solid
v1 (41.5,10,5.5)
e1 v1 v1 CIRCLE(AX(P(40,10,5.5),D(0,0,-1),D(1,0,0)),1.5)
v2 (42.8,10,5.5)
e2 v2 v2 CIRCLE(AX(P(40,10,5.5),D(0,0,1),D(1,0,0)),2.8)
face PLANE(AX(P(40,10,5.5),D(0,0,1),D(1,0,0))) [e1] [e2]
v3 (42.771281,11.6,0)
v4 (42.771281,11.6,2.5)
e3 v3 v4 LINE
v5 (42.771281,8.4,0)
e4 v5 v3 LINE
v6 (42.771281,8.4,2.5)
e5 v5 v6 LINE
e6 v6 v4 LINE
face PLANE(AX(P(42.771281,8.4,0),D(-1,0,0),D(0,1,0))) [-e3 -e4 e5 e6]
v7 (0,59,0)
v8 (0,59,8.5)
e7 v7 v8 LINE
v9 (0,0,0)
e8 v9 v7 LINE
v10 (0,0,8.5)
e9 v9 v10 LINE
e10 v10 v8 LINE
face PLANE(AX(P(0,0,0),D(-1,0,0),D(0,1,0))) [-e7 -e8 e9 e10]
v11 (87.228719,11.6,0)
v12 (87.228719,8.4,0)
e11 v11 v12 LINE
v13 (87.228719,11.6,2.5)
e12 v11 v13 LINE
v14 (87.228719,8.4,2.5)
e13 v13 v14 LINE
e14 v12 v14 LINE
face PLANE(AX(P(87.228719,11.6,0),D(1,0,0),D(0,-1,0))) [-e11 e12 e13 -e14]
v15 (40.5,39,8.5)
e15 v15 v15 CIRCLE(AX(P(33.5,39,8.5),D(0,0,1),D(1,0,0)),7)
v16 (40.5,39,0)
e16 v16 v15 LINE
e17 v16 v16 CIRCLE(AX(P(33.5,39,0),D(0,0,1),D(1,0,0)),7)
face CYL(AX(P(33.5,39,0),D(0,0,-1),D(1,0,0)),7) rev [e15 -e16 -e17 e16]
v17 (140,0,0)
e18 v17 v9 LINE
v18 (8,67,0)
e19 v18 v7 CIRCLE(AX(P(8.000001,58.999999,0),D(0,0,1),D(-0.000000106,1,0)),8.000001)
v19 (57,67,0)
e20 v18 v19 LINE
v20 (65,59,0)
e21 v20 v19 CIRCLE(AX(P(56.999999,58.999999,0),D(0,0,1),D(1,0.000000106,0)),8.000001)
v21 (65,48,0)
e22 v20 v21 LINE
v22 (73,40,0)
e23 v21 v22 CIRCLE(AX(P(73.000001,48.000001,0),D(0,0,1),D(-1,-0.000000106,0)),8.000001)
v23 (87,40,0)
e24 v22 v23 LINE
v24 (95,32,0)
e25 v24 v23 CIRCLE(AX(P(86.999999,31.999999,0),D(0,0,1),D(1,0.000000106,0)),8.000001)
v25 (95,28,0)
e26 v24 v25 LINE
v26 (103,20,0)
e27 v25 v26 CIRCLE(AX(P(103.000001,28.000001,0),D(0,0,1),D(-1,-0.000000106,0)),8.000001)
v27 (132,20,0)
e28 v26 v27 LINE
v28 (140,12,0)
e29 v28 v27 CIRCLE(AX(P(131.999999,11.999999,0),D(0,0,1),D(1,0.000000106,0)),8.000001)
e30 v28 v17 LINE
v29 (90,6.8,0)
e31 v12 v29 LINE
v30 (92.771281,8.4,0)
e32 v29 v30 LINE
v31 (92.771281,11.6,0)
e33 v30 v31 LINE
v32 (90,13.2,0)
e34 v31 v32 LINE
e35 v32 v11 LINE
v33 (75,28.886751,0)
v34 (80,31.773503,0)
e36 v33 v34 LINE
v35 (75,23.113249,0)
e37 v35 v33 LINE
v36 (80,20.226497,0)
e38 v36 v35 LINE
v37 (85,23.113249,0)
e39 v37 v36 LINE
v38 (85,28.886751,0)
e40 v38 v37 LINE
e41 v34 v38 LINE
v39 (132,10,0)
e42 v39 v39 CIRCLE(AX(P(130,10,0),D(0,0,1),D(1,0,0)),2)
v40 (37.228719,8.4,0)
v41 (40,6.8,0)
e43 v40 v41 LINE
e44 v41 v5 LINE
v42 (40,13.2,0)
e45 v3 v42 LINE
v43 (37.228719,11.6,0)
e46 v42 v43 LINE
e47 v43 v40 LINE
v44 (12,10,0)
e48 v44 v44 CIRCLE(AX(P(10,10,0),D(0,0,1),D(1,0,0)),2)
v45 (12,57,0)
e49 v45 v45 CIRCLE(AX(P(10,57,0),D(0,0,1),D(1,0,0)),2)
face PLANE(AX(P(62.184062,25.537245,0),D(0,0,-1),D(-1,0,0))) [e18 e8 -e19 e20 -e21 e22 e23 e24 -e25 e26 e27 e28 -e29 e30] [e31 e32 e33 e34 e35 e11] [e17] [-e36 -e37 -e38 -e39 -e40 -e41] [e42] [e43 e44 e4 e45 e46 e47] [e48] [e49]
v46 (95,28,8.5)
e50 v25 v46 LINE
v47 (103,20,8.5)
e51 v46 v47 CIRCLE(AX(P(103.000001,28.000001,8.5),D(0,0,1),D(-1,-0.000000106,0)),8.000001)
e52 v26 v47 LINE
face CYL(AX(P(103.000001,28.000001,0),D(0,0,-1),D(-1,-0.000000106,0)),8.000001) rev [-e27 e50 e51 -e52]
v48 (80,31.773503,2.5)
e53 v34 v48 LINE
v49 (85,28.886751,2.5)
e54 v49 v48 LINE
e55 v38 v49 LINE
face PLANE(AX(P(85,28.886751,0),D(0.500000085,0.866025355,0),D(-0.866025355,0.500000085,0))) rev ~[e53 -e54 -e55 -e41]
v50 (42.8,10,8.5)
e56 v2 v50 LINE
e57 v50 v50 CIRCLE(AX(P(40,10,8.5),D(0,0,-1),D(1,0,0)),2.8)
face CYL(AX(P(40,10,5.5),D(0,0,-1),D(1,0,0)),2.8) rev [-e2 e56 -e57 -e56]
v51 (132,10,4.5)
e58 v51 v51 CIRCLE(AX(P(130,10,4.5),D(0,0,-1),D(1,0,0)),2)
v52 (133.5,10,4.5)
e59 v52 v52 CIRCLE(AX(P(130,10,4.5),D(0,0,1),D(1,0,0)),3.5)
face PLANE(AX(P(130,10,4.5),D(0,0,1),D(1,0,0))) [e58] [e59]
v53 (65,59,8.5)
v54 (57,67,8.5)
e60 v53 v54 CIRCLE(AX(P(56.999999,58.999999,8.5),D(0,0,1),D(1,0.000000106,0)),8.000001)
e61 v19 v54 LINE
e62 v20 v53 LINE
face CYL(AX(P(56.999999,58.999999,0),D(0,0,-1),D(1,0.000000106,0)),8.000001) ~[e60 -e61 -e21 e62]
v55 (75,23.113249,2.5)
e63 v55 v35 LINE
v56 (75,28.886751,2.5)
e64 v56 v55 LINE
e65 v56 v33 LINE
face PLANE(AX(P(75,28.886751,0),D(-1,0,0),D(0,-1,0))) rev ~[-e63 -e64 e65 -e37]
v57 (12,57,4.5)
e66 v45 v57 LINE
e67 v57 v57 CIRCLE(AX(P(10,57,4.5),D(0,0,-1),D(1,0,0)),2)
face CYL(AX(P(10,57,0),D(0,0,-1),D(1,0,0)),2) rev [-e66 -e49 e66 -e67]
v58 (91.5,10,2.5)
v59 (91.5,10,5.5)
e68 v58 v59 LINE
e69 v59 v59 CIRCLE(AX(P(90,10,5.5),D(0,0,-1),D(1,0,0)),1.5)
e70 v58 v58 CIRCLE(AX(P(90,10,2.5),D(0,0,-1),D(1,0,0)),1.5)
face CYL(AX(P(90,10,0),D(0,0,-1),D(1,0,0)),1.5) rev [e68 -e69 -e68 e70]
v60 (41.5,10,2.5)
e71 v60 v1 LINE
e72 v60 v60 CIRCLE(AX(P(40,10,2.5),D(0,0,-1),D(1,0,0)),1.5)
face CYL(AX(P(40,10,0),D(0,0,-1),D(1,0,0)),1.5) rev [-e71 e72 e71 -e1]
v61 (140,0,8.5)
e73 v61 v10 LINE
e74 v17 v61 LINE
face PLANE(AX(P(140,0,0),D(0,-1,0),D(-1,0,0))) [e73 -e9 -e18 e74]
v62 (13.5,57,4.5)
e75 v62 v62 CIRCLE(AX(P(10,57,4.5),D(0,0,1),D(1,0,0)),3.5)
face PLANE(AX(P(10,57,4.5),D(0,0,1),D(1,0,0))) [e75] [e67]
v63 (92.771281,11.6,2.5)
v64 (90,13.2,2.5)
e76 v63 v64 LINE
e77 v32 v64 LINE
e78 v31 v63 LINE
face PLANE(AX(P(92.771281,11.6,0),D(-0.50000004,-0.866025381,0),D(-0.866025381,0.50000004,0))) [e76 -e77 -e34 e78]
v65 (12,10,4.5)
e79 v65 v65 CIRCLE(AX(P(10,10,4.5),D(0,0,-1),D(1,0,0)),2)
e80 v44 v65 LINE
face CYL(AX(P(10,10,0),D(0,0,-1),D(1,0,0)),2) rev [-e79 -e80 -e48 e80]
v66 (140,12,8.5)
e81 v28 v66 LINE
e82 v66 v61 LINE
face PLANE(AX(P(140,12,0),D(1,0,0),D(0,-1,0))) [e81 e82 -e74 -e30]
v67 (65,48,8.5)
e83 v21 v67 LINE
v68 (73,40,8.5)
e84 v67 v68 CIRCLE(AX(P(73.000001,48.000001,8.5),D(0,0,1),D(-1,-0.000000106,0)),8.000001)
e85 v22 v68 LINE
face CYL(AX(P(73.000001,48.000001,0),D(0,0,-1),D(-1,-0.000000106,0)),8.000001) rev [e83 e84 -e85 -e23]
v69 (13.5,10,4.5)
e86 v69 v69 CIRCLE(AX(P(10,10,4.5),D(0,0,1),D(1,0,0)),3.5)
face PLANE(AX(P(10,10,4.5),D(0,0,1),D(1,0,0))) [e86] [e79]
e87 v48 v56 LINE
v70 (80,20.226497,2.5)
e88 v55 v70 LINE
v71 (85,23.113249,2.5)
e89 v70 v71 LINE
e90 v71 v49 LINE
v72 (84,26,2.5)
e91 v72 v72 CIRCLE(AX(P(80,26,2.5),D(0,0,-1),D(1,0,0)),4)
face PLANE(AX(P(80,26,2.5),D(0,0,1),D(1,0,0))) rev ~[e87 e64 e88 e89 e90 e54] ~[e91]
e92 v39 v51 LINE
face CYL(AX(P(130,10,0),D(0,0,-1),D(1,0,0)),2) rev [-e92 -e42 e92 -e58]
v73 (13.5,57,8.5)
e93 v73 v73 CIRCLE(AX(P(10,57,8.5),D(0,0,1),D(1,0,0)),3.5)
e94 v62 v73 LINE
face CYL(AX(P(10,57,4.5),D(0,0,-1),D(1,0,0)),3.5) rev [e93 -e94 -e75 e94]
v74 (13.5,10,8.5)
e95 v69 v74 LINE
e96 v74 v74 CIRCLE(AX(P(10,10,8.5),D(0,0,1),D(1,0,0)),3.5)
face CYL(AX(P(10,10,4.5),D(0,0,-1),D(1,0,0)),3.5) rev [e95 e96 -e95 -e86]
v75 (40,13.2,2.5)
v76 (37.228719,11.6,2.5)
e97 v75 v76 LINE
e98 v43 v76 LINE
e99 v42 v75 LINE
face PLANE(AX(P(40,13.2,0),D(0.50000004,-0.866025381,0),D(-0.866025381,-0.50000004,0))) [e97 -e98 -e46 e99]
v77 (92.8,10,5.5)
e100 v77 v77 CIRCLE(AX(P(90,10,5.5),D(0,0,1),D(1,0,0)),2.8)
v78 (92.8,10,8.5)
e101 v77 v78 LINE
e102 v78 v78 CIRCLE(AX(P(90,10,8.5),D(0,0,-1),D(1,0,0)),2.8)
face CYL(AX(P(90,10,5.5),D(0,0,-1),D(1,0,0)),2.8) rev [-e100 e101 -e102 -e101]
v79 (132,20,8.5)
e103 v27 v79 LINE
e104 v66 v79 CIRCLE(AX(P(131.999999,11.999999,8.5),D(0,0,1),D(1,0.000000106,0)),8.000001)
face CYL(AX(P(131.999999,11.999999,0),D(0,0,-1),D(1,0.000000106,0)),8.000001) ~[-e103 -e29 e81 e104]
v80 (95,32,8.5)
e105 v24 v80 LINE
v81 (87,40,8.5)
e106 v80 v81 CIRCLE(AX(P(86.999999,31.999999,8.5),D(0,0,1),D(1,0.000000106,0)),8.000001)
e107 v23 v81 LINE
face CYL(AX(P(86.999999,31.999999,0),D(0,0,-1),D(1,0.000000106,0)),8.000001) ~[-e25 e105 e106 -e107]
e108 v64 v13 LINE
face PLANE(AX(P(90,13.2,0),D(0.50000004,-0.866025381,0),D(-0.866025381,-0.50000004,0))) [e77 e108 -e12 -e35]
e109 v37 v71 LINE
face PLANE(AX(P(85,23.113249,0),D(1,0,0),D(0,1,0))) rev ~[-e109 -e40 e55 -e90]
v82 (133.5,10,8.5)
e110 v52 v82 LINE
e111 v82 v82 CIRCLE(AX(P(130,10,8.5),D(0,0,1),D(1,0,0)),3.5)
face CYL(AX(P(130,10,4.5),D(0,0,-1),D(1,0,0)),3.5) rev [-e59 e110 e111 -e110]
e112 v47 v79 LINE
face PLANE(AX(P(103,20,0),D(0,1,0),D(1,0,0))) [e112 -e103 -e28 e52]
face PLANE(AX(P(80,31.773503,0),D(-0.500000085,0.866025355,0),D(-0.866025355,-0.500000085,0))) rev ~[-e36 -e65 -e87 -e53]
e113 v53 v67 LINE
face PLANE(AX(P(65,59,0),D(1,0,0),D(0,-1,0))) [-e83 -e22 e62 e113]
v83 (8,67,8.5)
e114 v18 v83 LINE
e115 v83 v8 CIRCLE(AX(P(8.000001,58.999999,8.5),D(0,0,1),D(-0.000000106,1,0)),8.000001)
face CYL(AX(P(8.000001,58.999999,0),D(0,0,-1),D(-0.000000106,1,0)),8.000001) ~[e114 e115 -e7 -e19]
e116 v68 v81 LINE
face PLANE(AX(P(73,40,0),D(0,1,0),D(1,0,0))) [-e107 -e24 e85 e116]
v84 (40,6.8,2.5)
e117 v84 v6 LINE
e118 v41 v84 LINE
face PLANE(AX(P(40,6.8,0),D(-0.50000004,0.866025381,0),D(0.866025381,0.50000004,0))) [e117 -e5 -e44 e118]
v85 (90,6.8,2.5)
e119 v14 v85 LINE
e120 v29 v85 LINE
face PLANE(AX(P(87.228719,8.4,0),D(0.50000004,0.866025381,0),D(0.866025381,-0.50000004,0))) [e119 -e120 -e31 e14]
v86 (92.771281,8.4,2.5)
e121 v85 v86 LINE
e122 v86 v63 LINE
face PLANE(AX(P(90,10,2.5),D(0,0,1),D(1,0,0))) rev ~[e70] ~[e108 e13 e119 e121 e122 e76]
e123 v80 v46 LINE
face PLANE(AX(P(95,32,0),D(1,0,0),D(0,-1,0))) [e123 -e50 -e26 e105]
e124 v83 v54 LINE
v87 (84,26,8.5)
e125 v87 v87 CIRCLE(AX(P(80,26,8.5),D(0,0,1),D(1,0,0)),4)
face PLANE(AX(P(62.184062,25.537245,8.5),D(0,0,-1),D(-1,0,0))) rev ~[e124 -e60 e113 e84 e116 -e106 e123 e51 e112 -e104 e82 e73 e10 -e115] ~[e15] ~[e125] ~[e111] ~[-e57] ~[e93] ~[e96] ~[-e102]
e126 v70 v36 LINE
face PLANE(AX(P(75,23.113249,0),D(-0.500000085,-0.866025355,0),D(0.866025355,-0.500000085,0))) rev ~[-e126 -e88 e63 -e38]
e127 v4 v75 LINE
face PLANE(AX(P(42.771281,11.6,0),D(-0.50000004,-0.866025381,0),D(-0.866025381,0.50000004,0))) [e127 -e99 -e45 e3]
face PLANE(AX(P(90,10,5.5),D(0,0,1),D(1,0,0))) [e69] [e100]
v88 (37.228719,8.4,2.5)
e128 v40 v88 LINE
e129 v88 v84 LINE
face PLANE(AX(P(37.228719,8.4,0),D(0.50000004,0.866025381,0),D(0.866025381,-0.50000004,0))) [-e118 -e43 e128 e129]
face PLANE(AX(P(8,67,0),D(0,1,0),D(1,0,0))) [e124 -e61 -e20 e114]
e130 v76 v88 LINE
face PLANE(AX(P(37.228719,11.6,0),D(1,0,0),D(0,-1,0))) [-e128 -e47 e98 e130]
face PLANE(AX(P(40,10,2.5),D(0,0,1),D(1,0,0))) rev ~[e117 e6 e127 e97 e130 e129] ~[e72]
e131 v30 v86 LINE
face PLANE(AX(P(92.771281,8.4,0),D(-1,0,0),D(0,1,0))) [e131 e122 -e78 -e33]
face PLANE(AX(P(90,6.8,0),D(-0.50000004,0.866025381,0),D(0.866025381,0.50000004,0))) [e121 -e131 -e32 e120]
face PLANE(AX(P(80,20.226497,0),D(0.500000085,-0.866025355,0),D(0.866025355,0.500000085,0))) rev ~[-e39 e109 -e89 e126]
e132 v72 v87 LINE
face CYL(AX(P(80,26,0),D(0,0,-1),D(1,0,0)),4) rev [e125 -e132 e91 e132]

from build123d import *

# Parameters (mm, degrees)
PAD002_DEPTH      = 2.5
CYLINDER003_R     = 2.8
CYLINDER003_DEPTH = 15
CYLINDER004_R     = 1.5
CYLINDER004_DEPTH = 8.5
CYLINDER001_R     = 3.5
CYLINDER001_DEPTH = 4
CYLINDER_R        = 3.5
CYLINDER_DEPTH    = 4
CYLINDER002_R     = 3.5
CYLINDER002_DEPTH = 4
PAD001_DEPTH      = 2.5
PAD003_DEPTH      = 2.5
CYLINDER006_R     = 2.8
CYLINDER006_DEPTH = 15
CYLINDER005_R     = 1.5
CYLINDER005_DEPTH = 8.5
SKETCH_R          = 2
SKETCH_R_2        = 7
SKETCH_R_3        = 4
PAD_DEPTH         = 8.5


with BuildPart() as body002:
    # Sketch002 → Pad002 (new body)
    with BuildSketch(Plane.XY):
        Polygon((0, -3.2), (2.771281, -1.6), (2.771281, 1.6), (0, 3.2), (-2.771281, 1.6), (-2.771281, -1.6), align=None)
    extrude(amount=PAD002_DEPTH)


with BuildPart() as cylinder003:
    # Cylinder003 → Cylinder003 (new body)
    with BuildSketch(Plane.XY.offset(5.5)):
        Circle(CYLINDER003_R)
    extrude(amount=CYLINDER003_DEPTH)


with BuildPart() as fusion001:
    # Cylinder004 → Cylinder004 (new body)
    with BuildSketch(Plane.XY):
        Circle(CYLINDER004_R)
    extrude(amount=CYLINDER004_DEPTH)

    # Fusion001: union Body002, Cylinder003
    add(body002.part)
    add(cylinder003.part)


with BuildPart() as fusion001_1:
    # Fusion001 placement: moved
    add(fusion001.part.moved(Location((40, 10, 0))))


with BuildPart() as cylinder001:
    # Cylinder001 → Cylinder001 (new body)
    with BuildSketch(Plane(origin=(130, 10, 4.5), x_dir=(1, 0, 0), z_dir=(0, 0, 1))):
        Circle(CYLINDER001_R)
    extrude(amount=CYLINDER001_DEPTH)


with BuildPart() as cylinder:
    # Cylinder → Cylinder (new body)
    with BuildSketch(Plane(origin=(10, 10, 4.5), x_dir=(1, 0, 0), z_dir=(0, 0, 1))):
        Circle(CYLINDER_R)
    extrude(amount=CYLINDER_DEPTH)


with BuildPart() as cylinder002:
    # Cylinder002 → Cylinder002 (new body)
    with BuildSketch(Plane(origin=(10, 57, 4.5), x_dir=(1, 0, 0), z_dir=(0, 0, 1))):
        Circle(CYLINDER002_R)
    extrude(amount=CYLINDER002_DEPTH)


with BuildPart() as fusion:
    # Sketch001 → Pad001 (new body, symmetric)
    with BuildSketch(Plane.XY):
        Polygon((0, -5.773503), (5, -2.886751), (5, 2.886751), (0, 5.773503), (-5, 2.886751), (-5, -2.886751), align=None)
    extrude(amount=PAD001_DEPTH, both=True)


with BuildPart() as fusion_1:
    # Body001 placement: moved
    add(fusion.part.moved(Location((80, 26, 0))))

    # Fusion: union Cylinder001, Cylinder, Cylinder002
    add(cylinder001.part)
    add(cylinder.part)
    add(cylinder002.part)


with BuildPart() as body003:
    # Sketch003 → Pad003 (new body)
    with BuildSketch(Plane.XY):
        Polygon((0, -3.2), (2.771281, -1.6), (2.771281, 1.6), (0, 3.2), (-2.771281, 1.6), (-2.771281, -1.6), align=None)
    extrude(amount=PAD003_DEPTH)


with BuildPart() as cylinder006:
    # Cylinder006 → Cylinder006 (new body)
    with BuildSketch(Plane.XY.offset(5.5)):
        Circle(CYLINDER006_R)
    extrude(amount=CYLINDER006_DEPTH)


with BuildPart() as fusion003:
    # Cylinder005 → Cylinder005 (new body)
    with BuildSketch(Plane.XY):
        Circle(CYLINDER005_R)
    extrude(amount=CYLINDER005_DEPTH)

    # Fusion002: union Body003, Cylinder006
    add(body003.part)
    add(cylinder006.part)


with BuildPart() as fusion003_1:
    # Fusion002 placement: moved
    add(fusion003.part.moved(Location((90, 10, 0))))

    # Fusion003: union Fusion001, Fusion
    add(fusion001_1.part)
    add(fusion_1.part)


with BuildPart() as cut:
    # Sketch → Pad (new body)
    with BuildSketch(Plane.XY):
        with BuildLine():
            Line((0, 0), (0, 59))
            ThreePointArc((8, 67), (2.343146, 64.656854), (0, 59))
            Line((8, 67), (57, 67))
            ThreePointArc((65, 59), (62.656854, 64.656854), (57, 67))
            Line((65, 59), (65, 48))
            ThreePointArc((65, 48), (67.343146, 42.343146), (73, 40))
            Line((73, 40), (87, 40))
            ThreePointArc((95, 32), (92.656854, 37.656854), (87, 40))
            Line((95, 32), (95, 28))
            ThreePointArc((95, 28), (97.343146, 22.343146), (103, 20))
            Line((103, 20), (132, 20))
            ThreePointArc((140, 12), (137.656854, 17.656854), (132, 20))
            Line((140, 12), (140, 0))
            Line((140, 0), (0, 0))
        make_face()
        with Locations((10, 10)):
            Circle(SKETCH_R, mode=Mode.SUBTRACT)
        with Locations((10, 57)):
            Circle(SKETCH_R, mode=Mode.SUBTRACT)
        with Locations((33.5, 39)):
            Circle(SKETCH_R_2, mode=Mode.SUBTRACT)
        with Locations((80, 26)):
            Circle(SKETCH_R_3, mode=Mode.SUBTRACT)
        with Locations((130, 10)):
            Circle(SKETCH_R, mode=Mode.SUBTRACT)
    extrude(amount=PAD_DEPTH)

    # Cut: cut Fusion003
    add(fusion003_1.part, mode=Mode.SUBTRACT)


solid = cut.part
